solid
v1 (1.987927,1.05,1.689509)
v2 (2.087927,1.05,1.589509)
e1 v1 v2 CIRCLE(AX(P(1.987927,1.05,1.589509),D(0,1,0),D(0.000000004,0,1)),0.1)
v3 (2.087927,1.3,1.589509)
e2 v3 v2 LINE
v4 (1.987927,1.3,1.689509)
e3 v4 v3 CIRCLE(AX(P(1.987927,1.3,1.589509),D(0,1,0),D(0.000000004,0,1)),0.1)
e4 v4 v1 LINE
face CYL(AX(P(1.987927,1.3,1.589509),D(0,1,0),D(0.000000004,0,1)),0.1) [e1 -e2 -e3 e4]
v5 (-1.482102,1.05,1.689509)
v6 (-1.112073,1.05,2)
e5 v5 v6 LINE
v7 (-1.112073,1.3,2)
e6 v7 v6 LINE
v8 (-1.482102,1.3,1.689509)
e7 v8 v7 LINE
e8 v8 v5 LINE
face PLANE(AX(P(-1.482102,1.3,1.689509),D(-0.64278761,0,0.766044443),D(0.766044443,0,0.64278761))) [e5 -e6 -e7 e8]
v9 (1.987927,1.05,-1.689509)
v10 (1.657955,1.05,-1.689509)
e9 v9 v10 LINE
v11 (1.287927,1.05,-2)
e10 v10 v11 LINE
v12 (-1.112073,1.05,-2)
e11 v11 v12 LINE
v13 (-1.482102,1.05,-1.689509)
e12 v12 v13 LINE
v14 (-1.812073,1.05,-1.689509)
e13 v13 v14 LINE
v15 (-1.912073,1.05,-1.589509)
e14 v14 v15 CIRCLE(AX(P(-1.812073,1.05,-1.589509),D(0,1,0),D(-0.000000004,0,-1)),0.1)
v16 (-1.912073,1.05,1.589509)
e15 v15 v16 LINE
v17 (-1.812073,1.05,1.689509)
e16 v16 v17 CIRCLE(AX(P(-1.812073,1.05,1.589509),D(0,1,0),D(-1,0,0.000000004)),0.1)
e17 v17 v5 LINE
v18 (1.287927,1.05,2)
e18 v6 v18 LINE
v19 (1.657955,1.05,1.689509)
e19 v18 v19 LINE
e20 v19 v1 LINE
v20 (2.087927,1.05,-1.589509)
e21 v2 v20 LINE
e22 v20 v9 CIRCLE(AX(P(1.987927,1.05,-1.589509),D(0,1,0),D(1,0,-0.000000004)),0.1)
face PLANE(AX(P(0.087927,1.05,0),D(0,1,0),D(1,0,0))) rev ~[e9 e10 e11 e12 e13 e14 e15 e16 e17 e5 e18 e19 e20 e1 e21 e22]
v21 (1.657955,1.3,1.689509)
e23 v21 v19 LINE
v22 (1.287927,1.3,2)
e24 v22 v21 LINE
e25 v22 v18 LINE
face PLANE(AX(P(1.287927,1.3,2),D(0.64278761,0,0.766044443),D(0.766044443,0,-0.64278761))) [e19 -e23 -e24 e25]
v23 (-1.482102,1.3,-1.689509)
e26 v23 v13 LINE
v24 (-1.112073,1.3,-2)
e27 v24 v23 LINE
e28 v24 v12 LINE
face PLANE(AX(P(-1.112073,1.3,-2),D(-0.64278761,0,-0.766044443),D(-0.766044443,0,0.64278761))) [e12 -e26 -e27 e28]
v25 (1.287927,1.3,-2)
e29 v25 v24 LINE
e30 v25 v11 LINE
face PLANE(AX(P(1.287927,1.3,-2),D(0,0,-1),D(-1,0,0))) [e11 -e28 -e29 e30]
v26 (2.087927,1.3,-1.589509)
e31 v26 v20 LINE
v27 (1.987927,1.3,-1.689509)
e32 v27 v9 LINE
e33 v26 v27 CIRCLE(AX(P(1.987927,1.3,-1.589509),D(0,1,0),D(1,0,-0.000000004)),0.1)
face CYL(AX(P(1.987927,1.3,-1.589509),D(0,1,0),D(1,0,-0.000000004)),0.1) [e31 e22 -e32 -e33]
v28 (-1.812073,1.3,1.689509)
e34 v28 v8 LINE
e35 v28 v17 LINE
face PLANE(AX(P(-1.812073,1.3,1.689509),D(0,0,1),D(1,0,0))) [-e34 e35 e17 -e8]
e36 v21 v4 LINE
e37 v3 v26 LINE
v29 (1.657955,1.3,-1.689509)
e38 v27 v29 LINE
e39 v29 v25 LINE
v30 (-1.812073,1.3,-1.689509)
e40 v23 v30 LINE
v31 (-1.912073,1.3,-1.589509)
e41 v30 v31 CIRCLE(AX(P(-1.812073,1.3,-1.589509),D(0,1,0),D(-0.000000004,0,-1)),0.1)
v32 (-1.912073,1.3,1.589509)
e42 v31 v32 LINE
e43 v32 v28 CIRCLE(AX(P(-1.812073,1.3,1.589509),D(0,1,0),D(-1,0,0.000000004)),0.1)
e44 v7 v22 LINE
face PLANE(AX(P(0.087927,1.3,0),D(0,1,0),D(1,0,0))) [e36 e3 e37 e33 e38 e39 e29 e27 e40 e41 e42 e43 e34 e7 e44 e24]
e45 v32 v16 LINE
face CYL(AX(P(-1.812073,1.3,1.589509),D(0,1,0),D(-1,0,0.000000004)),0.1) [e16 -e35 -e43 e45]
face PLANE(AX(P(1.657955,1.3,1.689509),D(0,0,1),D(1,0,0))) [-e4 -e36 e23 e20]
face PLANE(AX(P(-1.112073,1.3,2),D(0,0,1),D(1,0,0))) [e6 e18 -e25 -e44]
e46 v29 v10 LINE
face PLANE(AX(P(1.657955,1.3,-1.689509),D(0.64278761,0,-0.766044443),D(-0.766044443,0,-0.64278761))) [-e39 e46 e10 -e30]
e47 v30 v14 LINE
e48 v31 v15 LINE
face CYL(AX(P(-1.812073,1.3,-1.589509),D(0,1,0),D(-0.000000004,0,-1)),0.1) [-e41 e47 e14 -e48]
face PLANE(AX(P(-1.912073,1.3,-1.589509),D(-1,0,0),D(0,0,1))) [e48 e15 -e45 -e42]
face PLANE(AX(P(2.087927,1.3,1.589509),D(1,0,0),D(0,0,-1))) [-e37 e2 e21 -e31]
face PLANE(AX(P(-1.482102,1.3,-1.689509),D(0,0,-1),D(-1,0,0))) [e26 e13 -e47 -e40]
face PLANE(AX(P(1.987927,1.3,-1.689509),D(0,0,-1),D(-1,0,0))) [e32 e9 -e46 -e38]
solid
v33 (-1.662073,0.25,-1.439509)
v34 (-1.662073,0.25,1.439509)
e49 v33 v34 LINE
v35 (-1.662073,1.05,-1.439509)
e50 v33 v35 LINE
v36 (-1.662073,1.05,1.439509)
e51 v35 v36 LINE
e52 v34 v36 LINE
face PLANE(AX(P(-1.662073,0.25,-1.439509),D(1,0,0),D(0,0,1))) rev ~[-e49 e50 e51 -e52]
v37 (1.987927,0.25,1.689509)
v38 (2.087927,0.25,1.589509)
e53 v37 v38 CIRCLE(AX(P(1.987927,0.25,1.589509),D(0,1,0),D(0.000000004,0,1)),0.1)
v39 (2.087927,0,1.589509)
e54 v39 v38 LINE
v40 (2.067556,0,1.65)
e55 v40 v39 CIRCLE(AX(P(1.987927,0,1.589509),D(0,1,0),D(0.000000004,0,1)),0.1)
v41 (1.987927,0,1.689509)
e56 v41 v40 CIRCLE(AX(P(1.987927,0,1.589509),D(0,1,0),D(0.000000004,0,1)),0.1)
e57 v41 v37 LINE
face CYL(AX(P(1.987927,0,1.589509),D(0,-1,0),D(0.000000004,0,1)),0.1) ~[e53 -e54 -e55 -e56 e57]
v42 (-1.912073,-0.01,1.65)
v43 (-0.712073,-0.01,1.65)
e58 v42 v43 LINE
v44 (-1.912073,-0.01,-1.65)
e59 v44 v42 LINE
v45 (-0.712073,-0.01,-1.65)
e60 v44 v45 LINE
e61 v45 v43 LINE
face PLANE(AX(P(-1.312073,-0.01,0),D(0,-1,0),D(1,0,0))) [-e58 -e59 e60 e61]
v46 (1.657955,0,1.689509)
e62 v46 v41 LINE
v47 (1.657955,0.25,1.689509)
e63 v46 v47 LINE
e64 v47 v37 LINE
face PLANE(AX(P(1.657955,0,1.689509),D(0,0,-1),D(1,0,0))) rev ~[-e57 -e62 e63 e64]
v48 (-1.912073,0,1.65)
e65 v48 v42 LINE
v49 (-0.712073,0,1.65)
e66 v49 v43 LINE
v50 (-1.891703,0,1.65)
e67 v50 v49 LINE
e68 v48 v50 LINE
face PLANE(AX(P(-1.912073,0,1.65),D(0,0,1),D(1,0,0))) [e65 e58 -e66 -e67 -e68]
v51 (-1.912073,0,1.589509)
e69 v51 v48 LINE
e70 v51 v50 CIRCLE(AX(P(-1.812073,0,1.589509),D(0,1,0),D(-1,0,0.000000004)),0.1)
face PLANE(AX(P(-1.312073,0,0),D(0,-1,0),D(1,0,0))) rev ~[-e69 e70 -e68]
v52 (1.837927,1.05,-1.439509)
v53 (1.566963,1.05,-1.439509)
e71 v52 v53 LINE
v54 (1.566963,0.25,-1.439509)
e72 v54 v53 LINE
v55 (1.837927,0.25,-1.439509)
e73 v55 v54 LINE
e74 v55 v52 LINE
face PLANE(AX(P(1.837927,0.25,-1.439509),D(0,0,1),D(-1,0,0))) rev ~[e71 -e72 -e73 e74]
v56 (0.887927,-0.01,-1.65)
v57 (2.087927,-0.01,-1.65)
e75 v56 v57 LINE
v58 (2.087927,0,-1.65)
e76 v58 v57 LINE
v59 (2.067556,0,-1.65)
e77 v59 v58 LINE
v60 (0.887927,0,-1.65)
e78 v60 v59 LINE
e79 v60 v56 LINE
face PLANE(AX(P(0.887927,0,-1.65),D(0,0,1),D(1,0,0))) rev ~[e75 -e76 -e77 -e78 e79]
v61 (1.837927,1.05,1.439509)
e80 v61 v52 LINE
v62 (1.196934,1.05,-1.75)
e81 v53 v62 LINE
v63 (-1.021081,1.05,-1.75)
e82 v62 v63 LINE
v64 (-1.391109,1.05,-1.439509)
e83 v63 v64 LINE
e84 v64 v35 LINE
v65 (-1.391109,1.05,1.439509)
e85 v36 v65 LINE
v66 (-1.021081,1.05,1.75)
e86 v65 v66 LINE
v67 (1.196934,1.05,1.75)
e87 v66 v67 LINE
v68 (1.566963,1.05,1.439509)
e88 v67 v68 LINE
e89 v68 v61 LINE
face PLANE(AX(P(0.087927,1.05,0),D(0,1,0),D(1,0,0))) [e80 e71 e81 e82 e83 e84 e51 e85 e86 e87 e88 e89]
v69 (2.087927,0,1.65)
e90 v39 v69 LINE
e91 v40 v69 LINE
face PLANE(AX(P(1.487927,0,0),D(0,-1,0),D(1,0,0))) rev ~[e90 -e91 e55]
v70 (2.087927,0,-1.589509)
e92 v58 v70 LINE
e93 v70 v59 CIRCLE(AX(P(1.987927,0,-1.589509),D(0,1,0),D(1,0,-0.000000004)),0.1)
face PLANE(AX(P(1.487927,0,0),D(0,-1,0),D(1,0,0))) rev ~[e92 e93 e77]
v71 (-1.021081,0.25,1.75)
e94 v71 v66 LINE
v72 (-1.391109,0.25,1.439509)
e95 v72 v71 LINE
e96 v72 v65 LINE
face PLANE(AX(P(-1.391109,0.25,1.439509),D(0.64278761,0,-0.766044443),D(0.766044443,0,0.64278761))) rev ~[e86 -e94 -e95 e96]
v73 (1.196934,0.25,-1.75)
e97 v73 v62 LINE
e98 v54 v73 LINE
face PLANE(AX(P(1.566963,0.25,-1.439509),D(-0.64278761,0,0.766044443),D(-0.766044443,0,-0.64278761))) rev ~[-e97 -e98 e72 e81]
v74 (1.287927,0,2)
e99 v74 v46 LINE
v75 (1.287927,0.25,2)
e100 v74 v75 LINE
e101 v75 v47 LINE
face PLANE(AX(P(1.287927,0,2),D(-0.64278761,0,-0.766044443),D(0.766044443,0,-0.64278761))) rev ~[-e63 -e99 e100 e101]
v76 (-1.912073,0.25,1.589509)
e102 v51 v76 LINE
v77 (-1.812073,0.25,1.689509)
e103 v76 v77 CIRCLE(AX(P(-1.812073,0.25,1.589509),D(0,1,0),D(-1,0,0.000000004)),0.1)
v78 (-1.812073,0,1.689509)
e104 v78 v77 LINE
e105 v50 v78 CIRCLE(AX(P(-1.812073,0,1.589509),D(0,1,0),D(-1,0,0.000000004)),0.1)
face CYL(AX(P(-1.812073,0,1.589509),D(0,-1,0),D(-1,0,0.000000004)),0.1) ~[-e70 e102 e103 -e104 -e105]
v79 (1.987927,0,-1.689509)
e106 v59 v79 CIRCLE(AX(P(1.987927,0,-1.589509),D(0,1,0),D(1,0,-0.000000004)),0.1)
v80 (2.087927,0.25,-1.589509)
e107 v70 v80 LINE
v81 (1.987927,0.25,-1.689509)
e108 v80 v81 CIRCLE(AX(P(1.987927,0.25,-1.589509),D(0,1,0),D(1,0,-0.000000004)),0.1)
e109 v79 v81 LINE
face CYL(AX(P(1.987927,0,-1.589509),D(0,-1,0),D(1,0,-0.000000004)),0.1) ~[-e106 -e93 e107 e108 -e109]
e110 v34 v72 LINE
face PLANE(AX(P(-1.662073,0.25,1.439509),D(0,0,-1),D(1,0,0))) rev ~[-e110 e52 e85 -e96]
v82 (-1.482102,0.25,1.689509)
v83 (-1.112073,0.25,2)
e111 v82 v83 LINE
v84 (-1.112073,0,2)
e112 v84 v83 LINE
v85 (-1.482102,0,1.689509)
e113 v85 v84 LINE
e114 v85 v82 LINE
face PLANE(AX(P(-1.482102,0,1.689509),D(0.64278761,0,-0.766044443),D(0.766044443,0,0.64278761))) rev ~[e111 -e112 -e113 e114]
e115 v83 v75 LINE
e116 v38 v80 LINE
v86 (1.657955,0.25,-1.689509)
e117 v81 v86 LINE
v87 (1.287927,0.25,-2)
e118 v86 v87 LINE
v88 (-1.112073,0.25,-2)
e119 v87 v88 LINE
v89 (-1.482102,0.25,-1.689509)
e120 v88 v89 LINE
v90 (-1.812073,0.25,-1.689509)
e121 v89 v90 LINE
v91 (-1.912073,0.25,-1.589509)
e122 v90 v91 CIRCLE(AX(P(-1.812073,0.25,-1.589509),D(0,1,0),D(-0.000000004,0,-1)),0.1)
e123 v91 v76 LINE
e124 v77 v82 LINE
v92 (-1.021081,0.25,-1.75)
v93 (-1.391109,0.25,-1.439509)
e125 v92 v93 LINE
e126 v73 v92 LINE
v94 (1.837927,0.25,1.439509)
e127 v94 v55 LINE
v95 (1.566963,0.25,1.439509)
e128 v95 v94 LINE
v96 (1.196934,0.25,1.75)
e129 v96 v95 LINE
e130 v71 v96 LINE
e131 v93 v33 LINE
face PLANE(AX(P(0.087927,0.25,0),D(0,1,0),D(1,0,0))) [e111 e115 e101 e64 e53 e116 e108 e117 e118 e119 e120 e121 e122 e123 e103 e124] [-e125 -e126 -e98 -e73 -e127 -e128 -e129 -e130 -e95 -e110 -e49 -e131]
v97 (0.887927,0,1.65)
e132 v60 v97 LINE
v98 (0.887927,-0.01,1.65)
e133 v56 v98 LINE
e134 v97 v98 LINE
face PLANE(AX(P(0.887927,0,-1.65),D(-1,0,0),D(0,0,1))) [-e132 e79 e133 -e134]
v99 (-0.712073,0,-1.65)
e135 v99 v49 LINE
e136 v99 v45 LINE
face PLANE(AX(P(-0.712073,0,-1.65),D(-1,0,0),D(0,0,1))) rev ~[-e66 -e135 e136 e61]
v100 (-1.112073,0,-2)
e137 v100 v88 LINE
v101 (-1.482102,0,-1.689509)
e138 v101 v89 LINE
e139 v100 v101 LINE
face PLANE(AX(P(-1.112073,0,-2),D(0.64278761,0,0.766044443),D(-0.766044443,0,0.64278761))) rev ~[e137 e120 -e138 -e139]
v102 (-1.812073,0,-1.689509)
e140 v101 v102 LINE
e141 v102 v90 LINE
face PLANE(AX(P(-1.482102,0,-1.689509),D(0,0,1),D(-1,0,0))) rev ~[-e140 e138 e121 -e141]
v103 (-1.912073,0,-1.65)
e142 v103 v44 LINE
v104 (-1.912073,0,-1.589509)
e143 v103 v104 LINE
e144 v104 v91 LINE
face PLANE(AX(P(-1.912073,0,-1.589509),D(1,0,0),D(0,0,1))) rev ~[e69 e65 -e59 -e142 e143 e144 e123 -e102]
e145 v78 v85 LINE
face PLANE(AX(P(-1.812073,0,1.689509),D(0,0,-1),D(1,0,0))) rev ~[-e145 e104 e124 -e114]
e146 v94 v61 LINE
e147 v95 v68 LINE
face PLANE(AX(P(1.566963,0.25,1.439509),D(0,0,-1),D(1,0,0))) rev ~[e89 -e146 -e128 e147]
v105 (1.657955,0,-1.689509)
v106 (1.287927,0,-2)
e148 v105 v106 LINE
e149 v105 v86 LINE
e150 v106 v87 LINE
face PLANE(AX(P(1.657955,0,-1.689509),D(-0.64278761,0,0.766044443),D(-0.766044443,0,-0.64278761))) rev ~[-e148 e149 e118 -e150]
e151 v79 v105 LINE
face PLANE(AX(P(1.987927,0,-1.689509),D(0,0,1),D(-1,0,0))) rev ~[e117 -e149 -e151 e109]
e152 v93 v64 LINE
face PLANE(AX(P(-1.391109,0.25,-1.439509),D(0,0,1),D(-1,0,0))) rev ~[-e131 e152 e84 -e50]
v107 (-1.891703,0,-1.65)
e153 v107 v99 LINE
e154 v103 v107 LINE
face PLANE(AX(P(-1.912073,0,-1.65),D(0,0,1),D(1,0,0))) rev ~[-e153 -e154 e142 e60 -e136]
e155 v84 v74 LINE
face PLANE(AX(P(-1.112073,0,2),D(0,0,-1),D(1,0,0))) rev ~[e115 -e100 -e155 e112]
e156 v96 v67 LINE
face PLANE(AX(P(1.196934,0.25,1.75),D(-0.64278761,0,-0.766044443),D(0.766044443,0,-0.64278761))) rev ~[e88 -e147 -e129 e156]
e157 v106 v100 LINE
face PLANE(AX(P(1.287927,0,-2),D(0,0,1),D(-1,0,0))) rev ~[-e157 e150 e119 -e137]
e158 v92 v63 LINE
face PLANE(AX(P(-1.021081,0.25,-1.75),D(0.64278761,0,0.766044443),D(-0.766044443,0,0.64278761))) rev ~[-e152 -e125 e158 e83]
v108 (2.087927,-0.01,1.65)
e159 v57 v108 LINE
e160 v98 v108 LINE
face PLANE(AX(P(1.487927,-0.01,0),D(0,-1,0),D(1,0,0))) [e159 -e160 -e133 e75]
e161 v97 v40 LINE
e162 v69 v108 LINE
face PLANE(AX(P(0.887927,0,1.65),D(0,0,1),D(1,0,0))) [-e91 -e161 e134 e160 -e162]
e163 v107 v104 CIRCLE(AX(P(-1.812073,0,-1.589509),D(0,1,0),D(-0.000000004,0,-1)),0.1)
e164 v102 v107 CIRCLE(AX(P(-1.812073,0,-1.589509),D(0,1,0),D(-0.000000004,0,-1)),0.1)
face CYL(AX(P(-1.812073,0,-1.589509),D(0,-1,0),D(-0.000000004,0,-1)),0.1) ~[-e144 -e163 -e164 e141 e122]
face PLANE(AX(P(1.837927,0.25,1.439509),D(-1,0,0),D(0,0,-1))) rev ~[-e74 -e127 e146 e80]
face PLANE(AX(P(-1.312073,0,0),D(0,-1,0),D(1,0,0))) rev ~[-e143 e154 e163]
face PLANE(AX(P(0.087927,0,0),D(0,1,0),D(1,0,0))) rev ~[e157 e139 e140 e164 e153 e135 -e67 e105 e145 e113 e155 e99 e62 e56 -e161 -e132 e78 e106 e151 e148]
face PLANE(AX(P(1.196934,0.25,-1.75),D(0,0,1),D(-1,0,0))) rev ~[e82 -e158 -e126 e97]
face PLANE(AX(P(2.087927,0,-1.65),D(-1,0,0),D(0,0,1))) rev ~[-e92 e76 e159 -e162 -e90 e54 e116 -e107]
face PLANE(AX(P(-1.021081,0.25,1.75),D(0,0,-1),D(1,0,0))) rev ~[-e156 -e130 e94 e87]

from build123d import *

# Parameters (mm, degrees)
SALIENTE_EXTRUIR1_DEPTH = 0.25
SALIENTE_EXTRUIR3_DEPTH = 0.8
SALIENTE_EXTRUIR2_DEPTH = 0.25
CROQUIS4_W              = 1.2
CROQUIS4_H              = 3.3
SALIENTE_EXTRUIR4_DEPTH = 0.01


with BuildPart() as part:
    # Croquis1 → Saliente-Extruir1 (new body)
    with BuildSketch(Plane(origin=(0, 0, 0), x_dir=(1, 0, 0), z_dir=(0, 1, 0))):
        with BuildLine():
            Line((1.287926846, 2), (-1.112073154, 2))
            Line((-1.112073154, 2), (-1.482101523, 1.689509332))
            Line((-1.482101523, 1.689509332), (-1.812073154, 1.689509332))
            ThreePointArc((-1.812073154, 1.689509332), (-1.882783832, 1.66022001), (-1.912073154, 1.589509332))
            Line((-1.912073154, 1.589509332), (-1.912073154, -1.589509332))
            ThreePointArc((-1.912073154, -1.589509332), (-1.882783832, -1.66022001), (-1.812073154, -1.689509332))
            Line((-1.812073154, -1.689509332), (-1.482101523, -1.689509332))
            Line((-1.482101523, -1.689509332), (-1.112073154, -2))
            Line((-1.112073154, -2), (1.287926846, -2))
            Line((1.287926846, -2), (1.657955215, -1.689509332))
            Line((1.657955215, -1.689509332), (1.987926846, -1.689509332))
            ThreePointArc((1.987926846, -1.689509332), (2.058637524, -1.66022001), (2.087926846, -1.589509332))
            Line((2.087926846, -1.589509332), (2.087926846, 1.589509332))
            ThreePointArc((2.087926846, 1.589509332), (2.058637524, 1.66022001), (1.987926846, 1.689509332))
            Line((1.987926846, 1.689509332), (1.657955215, 1.689509332))
            Line((1.657955215, 1.689509332), (1.287926846, 2))
        make_face()
    extrude(amount=SALIENTE_EXTRUIR1_DEPTH)

    # Croquis3 → Saliente-Extruir3 (add)
    with BuildSketch(Plane(origin=(0, 0.25, 0), x_dir=(1, 0, 0), z_dir=(0, 1, 0))):
        Polygon((-1.021080595, -1.75), (1.196934287, -1.75), (1.566962656, -1.439509332), (1.837926846, -1.439509332), (1.837926846, 1.439509332), (1.566962656, 1.439509332), (1.196934287, 1.75), (-1.021080595, 1.75), (-1.391108964, 1.439509332), (-1.662073154, 1.439509332), (-1.662073154, -1.439509332), (-1.391108964, -1.439509332), align=None)
    extrude(amount=SALIENTE_EXTRUIR3_DEPTH)

    # Croquis4 → Saliente-Extruir4 (add)
    with BuildSketch(Plane.XZ):
        with Locations((1.487926846, 0)):
            Rectangle(CROQUIS4_W, CROQUIS4_H)
        with Locations((-1.312073154, 0)):
            Rectangle(CROQUIS4_W, CROQUIS4_H)
    extrude(amount=SALIENTE_EXTRUIR4_DEPTH)


with BuildPart() as body_2:
    # Croquis2 → Saliente-Extruir2 (new body)
    with BuildSketch(Plane(origin=(0, 1.3, 0), x_dir=(1, 0, 0), z_dir=(0, 1, 0))):
        with BuildLine():
            Line((-1.112073154, -2), (1.287926846, -2))
            Line((1.287926846, -2), (1.657955215, -1.689509332))
            Line((1.657955215, -1.689509332), (1.987926846, -1.689509332))
            ThreePointArc((1.987926846, -1.689509332), (2.058637524, -1.66022001), (2.087926846, -1.589509332))
            Line((2.087926846, -1.589509332), (2.087926846, 1.589509332))
            ThreePointArc((2.087926846, 1.589509332), (2.058637524, 1.66022001), (1.987926846, 1.689509332))
            Line((1.987926846, 1.689509332), (1.657955215, 1.689509332))
            Line((1.657955215, 1.689509332), (1.287926846, 2))
            Line((1.287926846, 2), (-1.112073154, 2))
            Line((-1.112073154, 2), (-1.482101523, 1.689509332))
            Line((-1.482101523, 1.689509332), (-1.812073154, 1.689509332))
            ThreePointArc((-1.812073154, 1.689509332), (-1.882783832, 1.66022001), (-1.912073154, 1.589509332))
            Line((-1.912073154, 1.589509332), (-1.912073154, -1.589509332))
            ThreePointArc((-1.912073154, -1.589509332), (-1.882783832, -1.66022001), (-1.812073154, -1.689509332))
            Line((-1.812073154, -1.689509332), (-1.482101523, -1.689509332))
            Line((-1.482101523, -1.689509332), (-1.112073154, -2))
        make_face()
    extrude(amount=-SALIENTE_EXTRUIR2_DEPTH)


solid = Compound([part.part, body_2.part])
